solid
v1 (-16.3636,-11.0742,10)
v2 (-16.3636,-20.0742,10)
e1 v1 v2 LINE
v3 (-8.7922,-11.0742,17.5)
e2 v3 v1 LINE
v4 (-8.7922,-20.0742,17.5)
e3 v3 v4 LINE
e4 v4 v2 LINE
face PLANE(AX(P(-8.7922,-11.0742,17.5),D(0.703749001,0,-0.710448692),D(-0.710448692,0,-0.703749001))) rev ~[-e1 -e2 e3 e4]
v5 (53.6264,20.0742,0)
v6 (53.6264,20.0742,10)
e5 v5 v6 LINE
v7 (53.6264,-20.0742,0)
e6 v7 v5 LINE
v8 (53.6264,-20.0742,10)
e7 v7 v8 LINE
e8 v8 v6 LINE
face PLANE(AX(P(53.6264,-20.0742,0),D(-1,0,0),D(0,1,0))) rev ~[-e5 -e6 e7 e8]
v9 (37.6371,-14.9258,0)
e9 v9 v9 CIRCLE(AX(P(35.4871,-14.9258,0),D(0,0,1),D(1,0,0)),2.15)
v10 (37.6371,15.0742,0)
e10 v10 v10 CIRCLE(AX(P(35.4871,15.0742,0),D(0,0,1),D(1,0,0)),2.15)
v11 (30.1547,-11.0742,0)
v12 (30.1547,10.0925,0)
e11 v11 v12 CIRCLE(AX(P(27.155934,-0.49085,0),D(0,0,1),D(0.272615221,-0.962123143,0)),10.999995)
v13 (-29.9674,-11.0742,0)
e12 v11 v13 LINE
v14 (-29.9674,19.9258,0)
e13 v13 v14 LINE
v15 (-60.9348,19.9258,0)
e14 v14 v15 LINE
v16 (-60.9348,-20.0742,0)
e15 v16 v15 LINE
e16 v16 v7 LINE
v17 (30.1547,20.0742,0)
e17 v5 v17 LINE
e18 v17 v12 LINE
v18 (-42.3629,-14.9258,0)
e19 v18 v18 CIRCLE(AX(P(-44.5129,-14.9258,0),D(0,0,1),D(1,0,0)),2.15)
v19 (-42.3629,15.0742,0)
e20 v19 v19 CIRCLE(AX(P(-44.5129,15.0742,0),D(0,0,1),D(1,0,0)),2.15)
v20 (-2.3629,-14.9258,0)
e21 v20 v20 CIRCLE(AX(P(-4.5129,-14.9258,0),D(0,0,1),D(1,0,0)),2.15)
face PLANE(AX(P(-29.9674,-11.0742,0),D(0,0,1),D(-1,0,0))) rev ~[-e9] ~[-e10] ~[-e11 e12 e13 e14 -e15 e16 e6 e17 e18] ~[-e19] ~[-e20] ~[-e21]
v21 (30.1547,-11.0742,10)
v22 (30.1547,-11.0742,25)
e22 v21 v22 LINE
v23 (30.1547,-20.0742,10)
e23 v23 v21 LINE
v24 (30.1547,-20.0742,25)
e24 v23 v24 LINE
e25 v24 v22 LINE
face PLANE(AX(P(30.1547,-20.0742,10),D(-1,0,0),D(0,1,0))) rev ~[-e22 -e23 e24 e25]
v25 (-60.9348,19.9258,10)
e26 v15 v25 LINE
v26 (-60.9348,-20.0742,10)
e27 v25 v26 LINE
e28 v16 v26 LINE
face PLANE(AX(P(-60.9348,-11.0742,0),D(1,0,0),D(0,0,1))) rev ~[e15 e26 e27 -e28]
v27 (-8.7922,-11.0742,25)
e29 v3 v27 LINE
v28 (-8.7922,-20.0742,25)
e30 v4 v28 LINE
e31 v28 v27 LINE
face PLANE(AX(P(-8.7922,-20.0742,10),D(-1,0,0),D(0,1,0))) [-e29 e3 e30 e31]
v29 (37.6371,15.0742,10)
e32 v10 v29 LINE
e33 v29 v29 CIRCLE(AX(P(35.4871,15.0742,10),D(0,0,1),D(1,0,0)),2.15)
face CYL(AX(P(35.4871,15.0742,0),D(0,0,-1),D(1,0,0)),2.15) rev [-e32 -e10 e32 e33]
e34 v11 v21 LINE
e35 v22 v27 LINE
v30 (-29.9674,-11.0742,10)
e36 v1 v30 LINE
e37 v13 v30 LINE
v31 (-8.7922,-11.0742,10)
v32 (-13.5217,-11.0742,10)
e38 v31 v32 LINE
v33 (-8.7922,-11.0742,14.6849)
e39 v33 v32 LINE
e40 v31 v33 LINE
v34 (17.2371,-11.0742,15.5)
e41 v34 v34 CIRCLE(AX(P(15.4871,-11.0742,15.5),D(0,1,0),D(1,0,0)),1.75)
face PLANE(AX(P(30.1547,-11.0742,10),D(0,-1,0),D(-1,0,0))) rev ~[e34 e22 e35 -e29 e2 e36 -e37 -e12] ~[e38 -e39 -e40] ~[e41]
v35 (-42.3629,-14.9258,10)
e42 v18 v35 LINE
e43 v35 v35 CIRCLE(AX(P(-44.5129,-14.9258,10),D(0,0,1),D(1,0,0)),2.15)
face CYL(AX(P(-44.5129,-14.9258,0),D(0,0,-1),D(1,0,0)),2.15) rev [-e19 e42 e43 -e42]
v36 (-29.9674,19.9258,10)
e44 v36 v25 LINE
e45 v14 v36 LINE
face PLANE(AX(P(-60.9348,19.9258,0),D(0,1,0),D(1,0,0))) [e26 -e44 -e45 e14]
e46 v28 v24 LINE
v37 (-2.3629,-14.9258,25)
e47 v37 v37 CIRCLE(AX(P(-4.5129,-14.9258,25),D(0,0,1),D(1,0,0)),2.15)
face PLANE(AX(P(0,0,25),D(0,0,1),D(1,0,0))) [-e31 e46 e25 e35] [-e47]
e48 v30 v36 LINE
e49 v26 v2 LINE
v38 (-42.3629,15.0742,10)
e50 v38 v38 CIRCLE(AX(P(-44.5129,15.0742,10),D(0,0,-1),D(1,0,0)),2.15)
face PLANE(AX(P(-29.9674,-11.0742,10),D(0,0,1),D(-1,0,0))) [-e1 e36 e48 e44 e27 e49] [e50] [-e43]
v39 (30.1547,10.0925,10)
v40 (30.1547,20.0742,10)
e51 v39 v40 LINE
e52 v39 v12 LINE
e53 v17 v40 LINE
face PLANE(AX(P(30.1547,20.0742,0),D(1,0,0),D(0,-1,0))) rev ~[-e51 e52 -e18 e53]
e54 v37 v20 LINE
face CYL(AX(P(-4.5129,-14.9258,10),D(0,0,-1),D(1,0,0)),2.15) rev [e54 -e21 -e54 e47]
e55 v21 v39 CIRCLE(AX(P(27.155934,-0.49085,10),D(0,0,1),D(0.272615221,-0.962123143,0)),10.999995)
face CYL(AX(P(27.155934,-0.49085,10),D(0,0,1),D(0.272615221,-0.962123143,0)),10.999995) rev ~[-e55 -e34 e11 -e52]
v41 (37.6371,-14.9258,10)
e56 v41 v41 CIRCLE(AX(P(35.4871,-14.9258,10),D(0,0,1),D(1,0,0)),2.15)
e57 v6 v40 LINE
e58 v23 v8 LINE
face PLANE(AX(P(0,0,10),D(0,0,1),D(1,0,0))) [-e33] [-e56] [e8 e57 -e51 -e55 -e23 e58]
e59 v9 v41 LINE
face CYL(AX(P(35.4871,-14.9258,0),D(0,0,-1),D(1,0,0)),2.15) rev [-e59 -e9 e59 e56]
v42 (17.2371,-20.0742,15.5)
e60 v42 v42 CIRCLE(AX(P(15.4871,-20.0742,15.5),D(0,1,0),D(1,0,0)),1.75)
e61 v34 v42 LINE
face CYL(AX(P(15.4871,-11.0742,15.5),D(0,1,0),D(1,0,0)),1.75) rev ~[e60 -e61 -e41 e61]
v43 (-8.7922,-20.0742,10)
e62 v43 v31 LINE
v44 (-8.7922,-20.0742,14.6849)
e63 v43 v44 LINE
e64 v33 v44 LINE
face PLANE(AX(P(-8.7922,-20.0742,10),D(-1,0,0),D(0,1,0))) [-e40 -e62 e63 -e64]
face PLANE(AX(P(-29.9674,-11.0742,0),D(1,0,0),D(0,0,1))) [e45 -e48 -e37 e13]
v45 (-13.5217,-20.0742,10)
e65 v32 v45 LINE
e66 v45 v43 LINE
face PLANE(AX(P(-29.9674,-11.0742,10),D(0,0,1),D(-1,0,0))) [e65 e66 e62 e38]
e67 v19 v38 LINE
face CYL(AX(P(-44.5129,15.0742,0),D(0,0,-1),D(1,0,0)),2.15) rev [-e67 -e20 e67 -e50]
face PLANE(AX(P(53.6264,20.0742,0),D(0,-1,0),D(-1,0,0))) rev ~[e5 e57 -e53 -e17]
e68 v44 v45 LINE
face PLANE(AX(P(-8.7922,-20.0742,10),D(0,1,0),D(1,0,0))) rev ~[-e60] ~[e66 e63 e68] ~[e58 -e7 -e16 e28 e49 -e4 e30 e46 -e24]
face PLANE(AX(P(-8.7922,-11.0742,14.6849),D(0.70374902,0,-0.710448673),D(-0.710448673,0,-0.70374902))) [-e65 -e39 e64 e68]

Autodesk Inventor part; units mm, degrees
ref_plane "YZ Plane" through (0, 0, 0) normal (1, 0, 0) x (0, 1, 0)
ref_plane "XZ Plane" through (0, 0, 0) normal (0, 1, 0) x (-1, 0, 0)
ref_plane "XY Plane" through (0, 0, 0) normal (0, 0, 1) x (1, 0, 0)
sketch "Esquisse1" plane through (0, 0, 0) normal (0, 0, 1) x (1, 0, 0)
  line L0 (30.1547, 20.0742) -> (30.1547, 11.0742) projected
  line L1 (30.1547, 11.0742) -> (49.0652, 11.0742) projected
  line L2 (49.0652, 11.0742) -> (49.0652, -11.0742) projected
  line L3 (49.0652, -11.0742) -> (-60.9348, -11.0742) projected
  line L4 (-60.9348, -11.0742) -> (-60.9348, -20.0742) projected
  line L5 (-60.9348, -20.0742) -> (53.6264, -20.0742) projected
  line L6 (53.6264, -20.0742) -> (53.6264, 20.0742) projected
  line L7 (53.6264, 20.0742) -> (30.1547, 20.0742) projected
  circle A0 centre (35.4871, 15.0742) radius 2.15 projected
  circle A1 centre (-44.5129, -14.9258) radius 2.15 projected
  circle A2 centre (-4.5129, -14.9258) radius 2.15 projected
  circle A3 centre (35.4871, -14.9258) radius 2.15 projected
  line L8 (30.1547, 11.0742) -> (30.1547, -11.0742)
  point P0 (0, 0)
extrude "Extrusion1" add sketch "Esquisse1" along normal blind 10
sketch "Esquisse2" plane through (0, 0, 10) normal (0, 0, 1) x (1, 0, 0)
  circle A0 centre (35.4871, -14.9258) radius 2.15 projected
  circle A1 centre (-4.5129, -14.9258) radius 2.15 projected
  circle A2 centre (-44.5129, -14.9258) radius 2.15 projected
  circle A3 centre (35.4871, 15.0742) radius 2.15 projected
  line L0 (30.1547, 20.0742) -> (30.1547, -11.0742) projected
  line L1 (30.1547, -11.0742) -> (-60.9348, -11.0742) projected
  line L2 (-60.9348, -11.0742) -> (-60.9348, -20.0742) projected
  line L3 (-60.9348, -20.0742) -> (53.6264, -20.0742) projected
  line L4 (53.6264, -20.0742) -> (53.6264, 20.0742) projected
  line L5 (53.6264, 20.0742) -> (30.1547, 20.0742) projected
  line L6 (-60.9348, -20.0742) -> (53.6264, -20.0742) projected
  line L7 (30.1547, -20.0742) -> (30.1547, -11.0742)
  line L8 (-60.9348, -20.0742) -> (53.6264, -20.0742) projected
  line L9 (-8.7922, -20.0742) -> (-8.7922, -11.0742)
  line L10 (30.1547, -11.0742) -> (-60.9348, -11.0742) projected
  point P0 (0, 0)
extrude "Extrusion2" add sketch "Esquisse2" along normal blind 15 contours L7 L3 L9 L1
sketch "Esquisse3" plane through (-60.9348, -11.0742, 0) normal (0, 1, 0) x (1, 0, 0)
  line L0 (91.0895, 0) -> (91.0895, -10) projected
  line L1 (91.0895, 0) -> (0, 0) projected
  line L2 (0, 0) -> (0, -10) projected
  line L3 (52.1426, -10) -> (0, -10) projected
  line L4 (52.1426, -10) -> (52.1426, -25) projected
  line L5 (91.0895, -25) -> (52.1426, -25) projected
  line L6 (91.0895, -10) -> (91.0895, -25) projected
  line L7 (91.0895, 0) -> (0, 0) projected
  line L8 (30.9674, 0) -> (30.9674, -10)
  point P0 (60.9348, 0)
extrude "Extrusion3" add sketch "Esquisse3" along normal blind 31 contours L8 L3 L2 L1
ref_plane "Plan de construction1" through (0, 0, 0) normal (0, 0, 1) x (1, 0, 0)
sketch "Esquisse4" plane through (0, 0, 0) normal (0, 0, 1) x (1, 0, 0)
  point P0 (0, 0)
sketch "Esquisse5" plane through (0, 0, 0) normal (0, 0, 1) x (1, 0, 0)
  circle A0 centre (-44.5129, 15.0742) radius 2.15 projected
  point P0 (0, 0)
extrude "Extrusion4" cut sketch "Esquisse5" along normal blind 31
sketch "Esquisse6" plane through (-8.7922, -11.0742, 25) normal (0, 1, 0) x (1, 0, 0)
  line L0 (6.4293, 0) -> (2.1293, 0) projected
  line L1 (4.2793, 0) -> (4.2793, 25) construction
  line L2 (2.1293, 25) -> (6.4293, 25) projected
  line L3 (4.2793, 25) -> (4.2793, 9.5)
  line L4 (4.2793, 9.5) -> (24.2793, 9.5) construction
  circle A0 centre (24.2793, 9.5) radius 1.75
  point P0 (8.7922, 25)
  dimension "d8" = 15.5
  dimension "d9" = 20
  dimension "d10" = 3.5
extrude "Extrusion5" cut sketch "Esquisse6" against normal blind 10
sketch "Esquisse7" plane through (0, 0, 10) normal (0, 0, 1) x (1, 0, 0)
  line L0 (30.1547, -11.0742) -> (30.1547, -20.0742) projected
  line L1 (30.1547, 20.0742) -> (30.1547, -11.0742) projected
  arc A0 (30.1547, -11.0742) -> (30.1547, 10.0925) centre (27.156, -0.4909) ccw
  line L2 (30.1547, -11.0742) -> (-29.9674, -11.0742) projected
  line L3 (30.1547, -11.0742) -> (30.1547, 10.0925)
  point P0 (0, 0)
  dimension "d13" = 11
extrude "Extrusion6" cut sketch "Esquisse7" against normal blind 10
sketch "Esquisse8" plane through (-8.7922, -11.0742, 25) normal (0, 1, 0) x (1, 0, 0)
  line L0 (0, 15) -> (0, 0) projected
  line L1 (0, 7.5) -> (-7.5714, 15)
  line L2 (0, 15) -> (-21.1752, 15) projected
  line L3 (0, 10.3151) -> (-4.7295, 15)
  point P0 (8.7922, 25)
  dimension "d16" = 2
extrude "Extrusion7" add sketch "Esquisse8" against normal blind 9 contours L0 L1 L2 L3
properties part number "Aide_rotate"
